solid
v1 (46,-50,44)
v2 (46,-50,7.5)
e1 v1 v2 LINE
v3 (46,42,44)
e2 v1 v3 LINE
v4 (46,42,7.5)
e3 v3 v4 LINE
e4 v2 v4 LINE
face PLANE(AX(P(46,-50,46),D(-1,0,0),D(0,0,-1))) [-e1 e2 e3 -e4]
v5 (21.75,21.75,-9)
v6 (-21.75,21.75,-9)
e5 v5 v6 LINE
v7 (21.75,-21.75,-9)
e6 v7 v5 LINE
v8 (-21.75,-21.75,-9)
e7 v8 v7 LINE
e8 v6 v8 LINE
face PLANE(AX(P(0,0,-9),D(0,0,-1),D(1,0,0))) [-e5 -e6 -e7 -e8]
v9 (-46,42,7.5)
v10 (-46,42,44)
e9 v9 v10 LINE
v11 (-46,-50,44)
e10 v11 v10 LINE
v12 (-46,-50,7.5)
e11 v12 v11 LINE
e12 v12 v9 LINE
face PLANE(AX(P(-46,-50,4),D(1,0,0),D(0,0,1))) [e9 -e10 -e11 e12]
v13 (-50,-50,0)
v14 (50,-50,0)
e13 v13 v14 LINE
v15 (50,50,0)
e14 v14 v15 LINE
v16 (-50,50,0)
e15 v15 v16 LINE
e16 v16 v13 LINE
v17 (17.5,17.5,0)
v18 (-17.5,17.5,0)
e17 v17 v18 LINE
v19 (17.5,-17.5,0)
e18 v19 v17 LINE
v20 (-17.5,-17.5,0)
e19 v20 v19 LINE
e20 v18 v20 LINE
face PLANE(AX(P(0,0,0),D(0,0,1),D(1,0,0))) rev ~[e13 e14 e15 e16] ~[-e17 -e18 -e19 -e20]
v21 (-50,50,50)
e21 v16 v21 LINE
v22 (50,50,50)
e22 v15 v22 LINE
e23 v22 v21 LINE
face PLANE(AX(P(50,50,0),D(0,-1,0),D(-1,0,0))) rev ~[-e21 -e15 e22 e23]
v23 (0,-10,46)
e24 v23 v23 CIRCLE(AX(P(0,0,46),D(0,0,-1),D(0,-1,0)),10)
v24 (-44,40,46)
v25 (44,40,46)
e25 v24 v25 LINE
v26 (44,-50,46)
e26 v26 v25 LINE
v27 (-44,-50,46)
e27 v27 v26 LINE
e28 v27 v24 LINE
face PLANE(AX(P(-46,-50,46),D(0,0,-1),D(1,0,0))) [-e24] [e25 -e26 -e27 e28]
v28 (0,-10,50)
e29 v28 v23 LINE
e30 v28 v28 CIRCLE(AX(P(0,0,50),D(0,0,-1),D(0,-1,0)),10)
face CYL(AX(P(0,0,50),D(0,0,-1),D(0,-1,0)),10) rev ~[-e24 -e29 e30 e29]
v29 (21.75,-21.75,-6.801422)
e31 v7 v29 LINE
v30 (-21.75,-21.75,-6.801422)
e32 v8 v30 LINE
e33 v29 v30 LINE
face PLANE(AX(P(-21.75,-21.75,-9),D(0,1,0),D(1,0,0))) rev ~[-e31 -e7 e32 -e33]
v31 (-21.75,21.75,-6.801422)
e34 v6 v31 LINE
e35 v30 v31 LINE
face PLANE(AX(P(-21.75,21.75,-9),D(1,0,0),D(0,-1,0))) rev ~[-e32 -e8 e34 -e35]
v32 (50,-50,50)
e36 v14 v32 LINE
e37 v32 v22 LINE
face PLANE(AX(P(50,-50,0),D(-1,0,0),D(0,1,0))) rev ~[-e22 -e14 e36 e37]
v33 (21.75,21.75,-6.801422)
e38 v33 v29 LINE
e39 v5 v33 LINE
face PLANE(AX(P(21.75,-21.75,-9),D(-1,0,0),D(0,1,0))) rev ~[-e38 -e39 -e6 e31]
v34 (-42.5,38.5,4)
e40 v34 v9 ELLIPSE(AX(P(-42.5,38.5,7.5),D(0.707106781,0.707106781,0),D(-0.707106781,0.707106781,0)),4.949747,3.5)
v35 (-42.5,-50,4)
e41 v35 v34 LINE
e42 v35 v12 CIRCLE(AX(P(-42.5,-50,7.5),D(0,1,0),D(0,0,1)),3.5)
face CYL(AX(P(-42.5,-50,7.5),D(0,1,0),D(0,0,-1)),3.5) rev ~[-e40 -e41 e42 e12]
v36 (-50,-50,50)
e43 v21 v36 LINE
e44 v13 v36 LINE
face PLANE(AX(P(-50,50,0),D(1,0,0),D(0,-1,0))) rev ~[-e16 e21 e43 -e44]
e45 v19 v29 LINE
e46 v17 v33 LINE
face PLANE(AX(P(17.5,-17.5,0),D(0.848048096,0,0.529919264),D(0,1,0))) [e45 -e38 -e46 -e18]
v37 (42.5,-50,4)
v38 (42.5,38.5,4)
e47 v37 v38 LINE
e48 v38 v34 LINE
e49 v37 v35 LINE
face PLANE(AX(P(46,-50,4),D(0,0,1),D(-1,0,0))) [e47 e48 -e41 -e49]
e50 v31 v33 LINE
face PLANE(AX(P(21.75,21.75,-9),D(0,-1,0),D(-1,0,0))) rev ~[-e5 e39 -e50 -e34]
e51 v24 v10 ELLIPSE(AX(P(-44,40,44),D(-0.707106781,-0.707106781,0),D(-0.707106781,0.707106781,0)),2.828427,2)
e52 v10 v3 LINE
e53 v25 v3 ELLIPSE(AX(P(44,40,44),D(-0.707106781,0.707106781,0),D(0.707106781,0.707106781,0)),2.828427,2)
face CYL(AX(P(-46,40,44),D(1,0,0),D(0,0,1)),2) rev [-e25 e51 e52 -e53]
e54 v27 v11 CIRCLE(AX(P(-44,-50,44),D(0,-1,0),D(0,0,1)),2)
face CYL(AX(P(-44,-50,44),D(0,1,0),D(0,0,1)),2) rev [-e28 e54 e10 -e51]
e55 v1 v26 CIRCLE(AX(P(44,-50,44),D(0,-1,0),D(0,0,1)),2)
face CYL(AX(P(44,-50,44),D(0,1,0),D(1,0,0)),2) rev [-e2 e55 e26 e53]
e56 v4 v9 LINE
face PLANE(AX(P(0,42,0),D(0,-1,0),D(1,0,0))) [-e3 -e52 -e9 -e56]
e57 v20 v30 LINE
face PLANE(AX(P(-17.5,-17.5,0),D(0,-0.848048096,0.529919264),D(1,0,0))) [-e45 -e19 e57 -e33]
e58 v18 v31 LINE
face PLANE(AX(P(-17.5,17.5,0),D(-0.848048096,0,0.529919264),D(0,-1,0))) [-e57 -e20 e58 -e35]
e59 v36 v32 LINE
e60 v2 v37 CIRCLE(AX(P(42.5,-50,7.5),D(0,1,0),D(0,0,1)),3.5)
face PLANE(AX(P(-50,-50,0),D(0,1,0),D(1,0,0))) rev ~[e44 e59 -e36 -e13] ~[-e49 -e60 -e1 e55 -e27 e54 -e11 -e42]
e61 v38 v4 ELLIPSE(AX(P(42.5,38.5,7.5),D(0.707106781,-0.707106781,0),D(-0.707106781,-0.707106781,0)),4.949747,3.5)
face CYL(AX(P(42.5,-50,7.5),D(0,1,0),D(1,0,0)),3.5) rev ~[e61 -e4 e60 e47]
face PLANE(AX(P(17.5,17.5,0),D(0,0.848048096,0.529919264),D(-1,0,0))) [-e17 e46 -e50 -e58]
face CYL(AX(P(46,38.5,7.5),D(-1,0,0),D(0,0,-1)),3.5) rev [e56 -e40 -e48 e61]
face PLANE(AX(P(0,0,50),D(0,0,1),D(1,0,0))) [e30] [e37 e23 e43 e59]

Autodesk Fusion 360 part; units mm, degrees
sketch "Sketch1" plane through (0, 0, 0) normal (0, 0, 1) x (1, 0, 0)
  line L0 (-50, -50) -> (50, -50)
  line L1 (50, -50) -> (50, 50)
  line L2 (50, 50) -> (-50, 50)
  line L3 (-50, 50) -> (-50, -50)
  dimension "d1" = 100
  dimension "d2" = 100
  dimension "d3" = 50
  dimension "d4" = 50
extrude "Extrude1" add sketch "Sketch1" along normal blind 50
sketch "Sketch2" plane through (0, -50, 0) normal (0, -1, 0) x (1, 0, 0)
  line L0 (-50, 0) -> (50, 0)
  line L1 (50, 0) -> (50, 50)
  line L2 (50, 50) -> (-50, 50)
  line L3 (-50, 50) -> (-50, 0)
  line L4 (-46, 46) -> (46, 46)
  line L5 (46, 46) -> (46, 4)
  line L6 (46, 4) -> (-46, 4)
  line L7 (-46, 4) -> (-46, 46)
  dimension "d7" = 92
  dimension "d8" = 46
  dimension "d10" = 4
  dimension "d58" = 4
extrude "Extrude2" cut sketch "Sketch2" against normal blind 92 contours L4 L5 L6 L7
sketch "Sketch4" plane through (0, 0, 50) normal (0, 0, 1) x (-1, 0, 0)
  line L0 (50, -50) -> (50, 50)
  line L1 (50, 50) -> (-50, 50)
  line L2 (-50, 50) -> (-50, -50)
  line L3 (-50, -50) -> (50, -50)
  circle A0 centre (0, 0) radius 6
  dimension "d23" = 12
hole "Hole1" at (0, 0, 50) direction (0, 0, -1) diameter 20 depth 4 tip angle 118
fillet "Fillet2" radius 3.5 3 edges at (0, 42, 4) (-46, -4, 4) (46, -4, 4)
fillet "Fillet4" radius 2 3 edges at (-46, -4, 46) (0, 42, 46) (46, -4, 46)
sketch "Sketch10" plane through (0, 0, 0) normal (0, 0, -1) x (1, 0, 0)
  line L0 (-50, 50) -> (-50, -50)
  line L1 (-50, -50) -> (50, -50)
  line L2 (50, -50) -> (50, 50)
  line L3 (50, 50) -> (-50, 50)
  line L4 (-17.5, 17.5) -> (17.5, 17.5)
  line L5 (17.5, 17.5) -> (17.5, -17.5)
  line L6 (17.5, -17.5) -> (-17.5, -17.5)
  line L7 (-17.5, -17.5) -> (-17.5, 17.5)
  dimension "d105" = 35
  dimension "d106" = 35
  dimension "d107" = 17.5
  dimension "d108" = 17.5
extrude "Extrude8" add sketch "Sketch10" along normal blind 9 draft 32 contours L4 L5 L6 L7
sketch "Sketch12" plane through (0, 0, -9) normal (0, 0, -1) x (1, 0, 0)
  line L0 (-23.1238, 23.1238) -> (-23.1238, -23.1238)
  line L1 (-23.1238, -23.1238) -> (23.1238, -23.1238)
  line L2 (23.1238, -23.1238) -> (23.1238, 23.1238)
  line L3 (23.1238, 23.1238) -> (-23.1238, 23.1238)
  line L4 (-21.75, 21.75) -> (21.75, 21.75)
  line L5 (21.75, 21.75) -> (21.75, -21.75)
  line L6 (21.75, -21.75) -> (-21.75, -21.75)
  line L7 (-21.75, -21.75) -> (-21.75, 21.75)
  dimension "d111" = 43.5
  dimension "d112" = 43.5
  dimension "d113" = 21.75
  dimension "d114" = 21.75
extrude "Extrude9" cut sketch "Sketch12" against normal blind 9
